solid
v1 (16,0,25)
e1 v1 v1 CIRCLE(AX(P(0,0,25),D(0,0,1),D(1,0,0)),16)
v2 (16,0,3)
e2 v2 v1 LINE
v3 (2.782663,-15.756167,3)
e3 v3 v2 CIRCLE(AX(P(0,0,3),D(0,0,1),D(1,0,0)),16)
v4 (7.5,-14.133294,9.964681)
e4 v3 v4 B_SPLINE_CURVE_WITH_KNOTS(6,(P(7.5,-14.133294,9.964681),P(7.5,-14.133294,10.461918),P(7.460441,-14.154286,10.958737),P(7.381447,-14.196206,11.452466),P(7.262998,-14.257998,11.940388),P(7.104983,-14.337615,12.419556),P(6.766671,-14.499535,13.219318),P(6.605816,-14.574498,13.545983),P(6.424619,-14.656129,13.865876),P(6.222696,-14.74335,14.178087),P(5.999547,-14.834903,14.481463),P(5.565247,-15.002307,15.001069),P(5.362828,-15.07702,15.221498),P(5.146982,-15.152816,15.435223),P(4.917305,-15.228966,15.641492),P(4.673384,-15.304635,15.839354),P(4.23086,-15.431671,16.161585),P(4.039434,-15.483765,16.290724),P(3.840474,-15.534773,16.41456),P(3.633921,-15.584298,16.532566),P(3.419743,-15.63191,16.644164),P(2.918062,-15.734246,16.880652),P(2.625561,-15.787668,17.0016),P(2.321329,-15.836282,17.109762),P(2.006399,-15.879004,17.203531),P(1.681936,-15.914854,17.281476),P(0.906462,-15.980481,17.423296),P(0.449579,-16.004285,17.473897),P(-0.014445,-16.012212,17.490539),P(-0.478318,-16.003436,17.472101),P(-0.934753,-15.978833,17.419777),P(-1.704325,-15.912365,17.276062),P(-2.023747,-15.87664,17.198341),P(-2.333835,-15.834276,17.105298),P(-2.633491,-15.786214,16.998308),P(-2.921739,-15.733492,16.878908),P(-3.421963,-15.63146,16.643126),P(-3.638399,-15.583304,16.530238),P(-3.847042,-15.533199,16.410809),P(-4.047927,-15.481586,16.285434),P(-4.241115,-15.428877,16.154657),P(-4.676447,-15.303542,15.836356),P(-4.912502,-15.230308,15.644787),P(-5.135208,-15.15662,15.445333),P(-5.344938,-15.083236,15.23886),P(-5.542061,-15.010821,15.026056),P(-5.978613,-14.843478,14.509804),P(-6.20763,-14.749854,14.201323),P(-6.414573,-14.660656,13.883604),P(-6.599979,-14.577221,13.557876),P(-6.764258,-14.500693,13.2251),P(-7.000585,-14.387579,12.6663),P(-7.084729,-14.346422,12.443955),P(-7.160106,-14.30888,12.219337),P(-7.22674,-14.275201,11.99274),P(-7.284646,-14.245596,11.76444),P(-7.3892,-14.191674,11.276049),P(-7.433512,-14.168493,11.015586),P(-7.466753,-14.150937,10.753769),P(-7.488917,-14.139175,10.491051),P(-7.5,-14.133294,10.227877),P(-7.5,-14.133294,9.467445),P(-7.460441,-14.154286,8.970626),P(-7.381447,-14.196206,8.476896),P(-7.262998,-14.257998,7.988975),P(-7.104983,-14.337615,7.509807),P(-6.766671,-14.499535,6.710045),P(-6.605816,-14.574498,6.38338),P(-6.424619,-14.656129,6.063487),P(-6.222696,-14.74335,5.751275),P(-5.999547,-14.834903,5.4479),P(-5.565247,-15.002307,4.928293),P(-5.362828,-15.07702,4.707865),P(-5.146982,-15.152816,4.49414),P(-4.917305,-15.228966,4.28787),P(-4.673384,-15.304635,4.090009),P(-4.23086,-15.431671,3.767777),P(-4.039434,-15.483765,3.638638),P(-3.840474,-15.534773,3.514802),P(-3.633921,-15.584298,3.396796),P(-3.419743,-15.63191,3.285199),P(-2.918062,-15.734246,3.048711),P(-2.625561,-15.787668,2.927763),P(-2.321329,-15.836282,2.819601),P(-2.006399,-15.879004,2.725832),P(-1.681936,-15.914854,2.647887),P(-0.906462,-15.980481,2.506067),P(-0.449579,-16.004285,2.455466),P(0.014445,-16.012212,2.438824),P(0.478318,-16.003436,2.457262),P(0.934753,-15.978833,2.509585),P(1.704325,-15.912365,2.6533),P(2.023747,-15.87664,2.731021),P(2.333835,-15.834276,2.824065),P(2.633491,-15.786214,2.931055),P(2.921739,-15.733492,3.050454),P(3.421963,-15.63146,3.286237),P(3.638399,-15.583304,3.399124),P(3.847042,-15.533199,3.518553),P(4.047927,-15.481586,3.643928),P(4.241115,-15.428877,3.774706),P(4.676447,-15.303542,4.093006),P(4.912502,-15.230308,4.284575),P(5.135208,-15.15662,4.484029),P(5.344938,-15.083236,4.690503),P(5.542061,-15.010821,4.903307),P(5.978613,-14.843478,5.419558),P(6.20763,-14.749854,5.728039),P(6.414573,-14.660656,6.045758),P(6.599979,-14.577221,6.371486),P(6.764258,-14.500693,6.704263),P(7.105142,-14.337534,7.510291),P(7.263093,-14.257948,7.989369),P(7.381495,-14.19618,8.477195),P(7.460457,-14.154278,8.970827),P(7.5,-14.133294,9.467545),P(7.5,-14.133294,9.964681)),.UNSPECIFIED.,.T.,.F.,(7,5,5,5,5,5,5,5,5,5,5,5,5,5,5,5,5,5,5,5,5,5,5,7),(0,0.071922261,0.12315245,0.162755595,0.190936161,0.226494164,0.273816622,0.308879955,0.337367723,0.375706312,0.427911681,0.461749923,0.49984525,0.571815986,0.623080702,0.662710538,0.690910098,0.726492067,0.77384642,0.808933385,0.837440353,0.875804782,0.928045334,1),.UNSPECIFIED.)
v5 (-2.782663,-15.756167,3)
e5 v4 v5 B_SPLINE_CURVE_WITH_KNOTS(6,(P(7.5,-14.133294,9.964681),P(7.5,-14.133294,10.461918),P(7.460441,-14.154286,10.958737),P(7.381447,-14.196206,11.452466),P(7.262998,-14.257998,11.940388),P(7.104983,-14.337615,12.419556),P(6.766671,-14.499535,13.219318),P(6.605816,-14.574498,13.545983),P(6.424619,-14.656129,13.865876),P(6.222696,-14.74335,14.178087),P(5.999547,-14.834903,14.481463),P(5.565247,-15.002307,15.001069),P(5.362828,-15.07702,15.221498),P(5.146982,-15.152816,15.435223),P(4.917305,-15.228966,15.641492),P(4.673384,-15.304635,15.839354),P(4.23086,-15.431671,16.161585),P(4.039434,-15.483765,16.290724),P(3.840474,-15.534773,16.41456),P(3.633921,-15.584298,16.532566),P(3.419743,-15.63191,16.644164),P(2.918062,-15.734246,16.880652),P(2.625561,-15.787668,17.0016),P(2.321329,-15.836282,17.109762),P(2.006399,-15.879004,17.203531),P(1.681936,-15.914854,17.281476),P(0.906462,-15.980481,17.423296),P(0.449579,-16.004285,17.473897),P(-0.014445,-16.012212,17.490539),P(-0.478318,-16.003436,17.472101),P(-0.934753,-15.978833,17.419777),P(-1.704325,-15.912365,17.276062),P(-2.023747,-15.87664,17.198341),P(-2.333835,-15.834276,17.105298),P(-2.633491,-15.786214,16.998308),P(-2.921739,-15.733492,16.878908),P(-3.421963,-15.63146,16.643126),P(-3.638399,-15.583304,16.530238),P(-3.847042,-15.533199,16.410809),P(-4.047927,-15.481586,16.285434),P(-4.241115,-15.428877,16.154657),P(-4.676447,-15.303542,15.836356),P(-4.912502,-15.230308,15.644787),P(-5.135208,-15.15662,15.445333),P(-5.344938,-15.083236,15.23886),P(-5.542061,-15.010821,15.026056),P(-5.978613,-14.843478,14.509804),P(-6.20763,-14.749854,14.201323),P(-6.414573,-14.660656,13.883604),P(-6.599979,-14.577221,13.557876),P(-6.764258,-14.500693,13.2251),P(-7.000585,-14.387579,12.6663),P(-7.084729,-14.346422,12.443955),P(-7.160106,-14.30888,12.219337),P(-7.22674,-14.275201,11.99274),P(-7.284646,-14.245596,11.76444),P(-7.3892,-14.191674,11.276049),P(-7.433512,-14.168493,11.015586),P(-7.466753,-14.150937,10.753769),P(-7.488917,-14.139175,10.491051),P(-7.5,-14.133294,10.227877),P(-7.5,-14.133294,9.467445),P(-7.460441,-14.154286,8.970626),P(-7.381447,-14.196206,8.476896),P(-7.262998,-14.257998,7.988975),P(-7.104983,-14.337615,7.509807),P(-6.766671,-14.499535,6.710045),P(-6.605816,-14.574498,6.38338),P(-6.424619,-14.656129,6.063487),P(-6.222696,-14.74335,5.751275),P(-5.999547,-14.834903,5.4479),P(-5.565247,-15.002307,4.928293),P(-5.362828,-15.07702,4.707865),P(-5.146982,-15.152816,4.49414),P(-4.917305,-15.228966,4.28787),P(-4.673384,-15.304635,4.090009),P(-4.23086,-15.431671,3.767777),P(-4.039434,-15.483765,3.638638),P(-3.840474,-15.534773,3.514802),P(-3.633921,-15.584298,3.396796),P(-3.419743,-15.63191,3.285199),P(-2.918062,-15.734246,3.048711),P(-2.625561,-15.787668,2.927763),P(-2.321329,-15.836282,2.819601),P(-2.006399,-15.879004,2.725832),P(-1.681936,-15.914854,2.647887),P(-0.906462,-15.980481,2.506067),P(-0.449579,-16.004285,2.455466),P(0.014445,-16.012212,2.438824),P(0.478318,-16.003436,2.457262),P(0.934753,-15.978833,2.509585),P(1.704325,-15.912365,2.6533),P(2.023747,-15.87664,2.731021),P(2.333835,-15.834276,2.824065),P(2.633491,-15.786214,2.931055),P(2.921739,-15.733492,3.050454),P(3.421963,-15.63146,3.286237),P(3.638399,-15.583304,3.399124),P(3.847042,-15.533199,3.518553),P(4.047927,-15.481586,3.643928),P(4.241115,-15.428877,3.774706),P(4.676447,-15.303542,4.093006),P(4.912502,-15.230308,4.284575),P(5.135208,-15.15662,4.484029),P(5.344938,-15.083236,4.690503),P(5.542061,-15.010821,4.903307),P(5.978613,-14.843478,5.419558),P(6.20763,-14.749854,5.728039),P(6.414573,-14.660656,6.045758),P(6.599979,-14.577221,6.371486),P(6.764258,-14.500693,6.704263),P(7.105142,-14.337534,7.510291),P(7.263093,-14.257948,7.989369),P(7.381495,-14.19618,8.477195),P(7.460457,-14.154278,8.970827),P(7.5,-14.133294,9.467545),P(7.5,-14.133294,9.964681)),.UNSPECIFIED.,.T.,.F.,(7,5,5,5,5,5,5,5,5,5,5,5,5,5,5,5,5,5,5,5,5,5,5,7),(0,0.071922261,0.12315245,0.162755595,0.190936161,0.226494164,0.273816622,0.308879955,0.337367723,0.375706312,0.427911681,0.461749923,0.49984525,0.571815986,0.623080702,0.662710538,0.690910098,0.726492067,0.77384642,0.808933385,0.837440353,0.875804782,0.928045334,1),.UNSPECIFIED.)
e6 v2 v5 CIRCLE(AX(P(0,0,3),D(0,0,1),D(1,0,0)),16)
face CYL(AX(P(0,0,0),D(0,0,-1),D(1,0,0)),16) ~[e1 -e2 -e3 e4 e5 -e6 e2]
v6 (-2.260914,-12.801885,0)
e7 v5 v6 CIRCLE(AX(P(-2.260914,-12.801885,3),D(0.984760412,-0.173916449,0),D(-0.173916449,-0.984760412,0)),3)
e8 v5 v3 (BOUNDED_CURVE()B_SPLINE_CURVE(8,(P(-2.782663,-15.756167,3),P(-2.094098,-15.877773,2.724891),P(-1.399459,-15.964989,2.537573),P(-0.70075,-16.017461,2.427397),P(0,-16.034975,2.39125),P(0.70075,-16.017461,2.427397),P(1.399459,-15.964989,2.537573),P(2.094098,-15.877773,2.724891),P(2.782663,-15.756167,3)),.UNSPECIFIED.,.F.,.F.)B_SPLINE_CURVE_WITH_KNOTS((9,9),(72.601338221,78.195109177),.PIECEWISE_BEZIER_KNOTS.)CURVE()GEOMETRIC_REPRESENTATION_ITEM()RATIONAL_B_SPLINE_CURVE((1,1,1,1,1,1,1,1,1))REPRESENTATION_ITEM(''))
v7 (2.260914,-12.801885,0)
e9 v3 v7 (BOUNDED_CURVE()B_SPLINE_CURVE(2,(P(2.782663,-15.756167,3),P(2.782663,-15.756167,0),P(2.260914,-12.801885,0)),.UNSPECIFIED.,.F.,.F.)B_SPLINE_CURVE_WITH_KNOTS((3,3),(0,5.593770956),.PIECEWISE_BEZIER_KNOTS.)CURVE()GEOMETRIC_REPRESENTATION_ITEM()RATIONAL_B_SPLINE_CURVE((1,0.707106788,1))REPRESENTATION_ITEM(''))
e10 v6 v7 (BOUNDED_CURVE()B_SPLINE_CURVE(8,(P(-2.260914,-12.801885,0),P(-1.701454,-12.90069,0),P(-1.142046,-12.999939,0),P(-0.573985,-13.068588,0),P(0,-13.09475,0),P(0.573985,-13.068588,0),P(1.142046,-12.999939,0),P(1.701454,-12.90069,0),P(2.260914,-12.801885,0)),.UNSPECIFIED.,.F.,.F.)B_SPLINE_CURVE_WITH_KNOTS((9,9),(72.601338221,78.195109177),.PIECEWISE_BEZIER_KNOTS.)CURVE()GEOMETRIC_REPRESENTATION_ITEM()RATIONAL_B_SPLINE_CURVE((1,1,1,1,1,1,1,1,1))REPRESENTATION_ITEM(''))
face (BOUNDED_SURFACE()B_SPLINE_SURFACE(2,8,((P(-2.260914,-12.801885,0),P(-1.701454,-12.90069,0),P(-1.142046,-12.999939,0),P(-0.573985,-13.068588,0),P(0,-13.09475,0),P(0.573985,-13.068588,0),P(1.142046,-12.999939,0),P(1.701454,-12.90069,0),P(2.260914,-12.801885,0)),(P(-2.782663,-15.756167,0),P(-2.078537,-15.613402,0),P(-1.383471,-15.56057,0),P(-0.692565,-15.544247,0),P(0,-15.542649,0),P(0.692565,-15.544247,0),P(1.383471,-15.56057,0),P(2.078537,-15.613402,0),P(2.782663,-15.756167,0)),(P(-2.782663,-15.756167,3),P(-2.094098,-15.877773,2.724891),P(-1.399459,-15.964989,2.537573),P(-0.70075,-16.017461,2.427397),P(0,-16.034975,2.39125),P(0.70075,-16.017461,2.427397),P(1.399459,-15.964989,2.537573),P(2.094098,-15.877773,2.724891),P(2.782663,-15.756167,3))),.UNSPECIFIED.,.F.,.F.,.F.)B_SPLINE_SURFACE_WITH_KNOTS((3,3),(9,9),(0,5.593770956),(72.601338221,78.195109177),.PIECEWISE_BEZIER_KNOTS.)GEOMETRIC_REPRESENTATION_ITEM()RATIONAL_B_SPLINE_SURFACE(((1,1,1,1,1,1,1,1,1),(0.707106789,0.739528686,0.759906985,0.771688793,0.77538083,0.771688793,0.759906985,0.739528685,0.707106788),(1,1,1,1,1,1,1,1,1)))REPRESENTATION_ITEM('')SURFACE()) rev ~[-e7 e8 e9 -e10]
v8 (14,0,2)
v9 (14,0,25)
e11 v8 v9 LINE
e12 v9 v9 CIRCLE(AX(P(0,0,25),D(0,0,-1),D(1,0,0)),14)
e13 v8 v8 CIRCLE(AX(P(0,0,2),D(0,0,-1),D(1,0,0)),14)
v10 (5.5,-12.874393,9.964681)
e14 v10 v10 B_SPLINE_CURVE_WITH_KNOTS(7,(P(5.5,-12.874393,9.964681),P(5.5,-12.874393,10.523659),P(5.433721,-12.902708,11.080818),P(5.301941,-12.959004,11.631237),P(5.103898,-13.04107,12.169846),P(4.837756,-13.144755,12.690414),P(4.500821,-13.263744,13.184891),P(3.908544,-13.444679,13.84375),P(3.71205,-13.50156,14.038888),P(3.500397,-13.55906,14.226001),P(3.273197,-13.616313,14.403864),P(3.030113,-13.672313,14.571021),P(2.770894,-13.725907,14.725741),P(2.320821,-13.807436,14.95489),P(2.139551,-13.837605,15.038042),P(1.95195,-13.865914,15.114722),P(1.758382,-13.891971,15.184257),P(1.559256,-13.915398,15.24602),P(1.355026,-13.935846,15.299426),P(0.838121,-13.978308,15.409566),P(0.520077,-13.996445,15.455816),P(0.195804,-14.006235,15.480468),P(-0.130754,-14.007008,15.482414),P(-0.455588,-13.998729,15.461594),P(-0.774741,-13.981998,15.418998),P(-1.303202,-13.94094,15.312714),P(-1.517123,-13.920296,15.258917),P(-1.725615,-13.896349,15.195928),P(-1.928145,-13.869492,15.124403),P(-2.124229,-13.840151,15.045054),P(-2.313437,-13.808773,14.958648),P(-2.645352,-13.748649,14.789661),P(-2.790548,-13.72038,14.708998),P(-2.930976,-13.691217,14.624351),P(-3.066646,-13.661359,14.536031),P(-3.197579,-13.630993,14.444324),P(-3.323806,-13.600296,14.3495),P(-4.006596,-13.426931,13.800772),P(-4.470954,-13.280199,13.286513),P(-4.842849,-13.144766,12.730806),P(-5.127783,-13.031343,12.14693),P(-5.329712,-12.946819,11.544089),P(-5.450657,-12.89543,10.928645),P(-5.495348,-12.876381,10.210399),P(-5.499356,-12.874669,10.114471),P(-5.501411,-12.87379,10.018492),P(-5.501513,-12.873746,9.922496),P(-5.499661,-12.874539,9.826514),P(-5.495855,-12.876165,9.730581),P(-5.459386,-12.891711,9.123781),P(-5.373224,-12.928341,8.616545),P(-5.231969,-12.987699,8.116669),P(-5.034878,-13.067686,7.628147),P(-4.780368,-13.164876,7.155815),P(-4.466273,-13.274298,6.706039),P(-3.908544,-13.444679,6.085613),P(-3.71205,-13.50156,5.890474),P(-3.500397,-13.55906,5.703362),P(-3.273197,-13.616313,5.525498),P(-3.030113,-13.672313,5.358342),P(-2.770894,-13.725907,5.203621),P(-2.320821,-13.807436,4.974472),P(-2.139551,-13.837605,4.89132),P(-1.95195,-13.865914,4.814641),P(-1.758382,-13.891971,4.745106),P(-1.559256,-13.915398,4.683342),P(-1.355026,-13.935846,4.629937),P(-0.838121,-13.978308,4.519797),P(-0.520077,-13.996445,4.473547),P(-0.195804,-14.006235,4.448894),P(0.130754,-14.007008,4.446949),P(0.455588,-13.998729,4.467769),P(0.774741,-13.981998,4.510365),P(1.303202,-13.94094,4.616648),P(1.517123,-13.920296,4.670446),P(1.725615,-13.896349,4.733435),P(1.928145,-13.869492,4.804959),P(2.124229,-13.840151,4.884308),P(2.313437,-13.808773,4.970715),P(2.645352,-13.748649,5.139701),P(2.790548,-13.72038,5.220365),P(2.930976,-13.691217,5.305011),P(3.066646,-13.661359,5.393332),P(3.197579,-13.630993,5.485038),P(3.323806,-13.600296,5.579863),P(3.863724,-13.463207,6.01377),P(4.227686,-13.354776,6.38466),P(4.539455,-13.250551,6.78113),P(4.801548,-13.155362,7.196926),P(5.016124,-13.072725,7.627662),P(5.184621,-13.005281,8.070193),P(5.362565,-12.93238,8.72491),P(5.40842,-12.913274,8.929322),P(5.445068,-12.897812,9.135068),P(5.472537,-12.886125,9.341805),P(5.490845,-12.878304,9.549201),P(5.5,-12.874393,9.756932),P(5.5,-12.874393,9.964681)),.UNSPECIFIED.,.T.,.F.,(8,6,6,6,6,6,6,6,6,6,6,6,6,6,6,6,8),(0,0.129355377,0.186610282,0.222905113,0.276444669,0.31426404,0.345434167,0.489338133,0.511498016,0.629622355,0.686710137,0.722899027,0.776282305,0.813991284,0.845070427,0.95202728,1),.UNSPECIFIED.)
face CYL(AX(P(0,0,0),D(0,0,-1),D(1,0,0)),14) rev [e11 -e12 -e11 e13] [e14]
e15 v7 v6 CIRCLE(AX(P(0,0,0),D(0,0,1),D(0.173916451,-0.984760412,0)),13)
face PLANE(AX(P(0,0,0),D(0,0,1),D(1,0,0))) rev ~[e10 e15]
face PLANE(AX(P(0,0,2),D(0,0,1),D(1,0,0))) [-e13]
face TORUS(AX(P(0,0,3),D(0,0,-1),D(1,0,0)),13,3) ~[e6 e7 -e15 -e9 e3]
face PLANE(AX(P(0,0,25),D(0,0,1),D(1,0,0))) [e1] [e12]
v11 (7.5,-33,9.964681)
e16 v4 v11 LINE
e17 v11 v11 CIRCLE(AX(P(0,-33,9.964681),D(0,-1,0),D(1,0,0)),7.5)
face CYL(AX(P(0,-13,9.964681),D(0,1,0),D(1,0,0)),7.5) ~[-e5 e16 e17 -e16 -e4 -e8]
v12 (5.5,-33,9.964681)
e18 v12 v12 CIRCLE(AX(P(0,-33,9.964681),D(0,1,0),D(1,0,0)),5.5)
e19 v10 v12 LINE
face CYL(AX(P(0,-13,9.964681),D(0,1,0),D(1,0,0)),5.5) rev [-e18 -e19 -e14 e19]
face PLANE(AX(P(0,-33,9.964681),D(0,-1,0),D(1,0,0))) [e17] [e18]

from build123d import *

# Parameters (mm, degrees)
F0_R     = 16
F1_DEPTH = 25
F3_R     = 7.5
F4_DEPTH = 20
F5_T     = -2
F6_R     = 3


with BuildPart() as f1:
    # F0 (on Top) → F1 (new body)
    with BuildSketch(Plane.XY):
        Circle(F0_R)
    extrude(amount=F1_DEPTH)

    # F3 (on offset) → F4 (join)
    with BuildSketch(Plane.XZ.offset(13)):
        with Locations((0, 9.9646812305)):
            Circle(F3_R)
    extrude(amount=F4_DEPTH)

    # F5
    f5_openings = [f1.faces().sort_by_distance(p)[0] for p in [
        (0, 0, 25),
        (0, -33, 9.964681),
    ]]
    offset(amount=F5_T, openings=f5_openings, kind=Kind.INTERSECTION)

    # F6
    f6_edges = [f1.edges().sort_by_distance(p)[0] for p in [
        (-16, 0, 0),
    ]]
    fillet(f6_edges, radius=F6_R)


solid = f1.part
